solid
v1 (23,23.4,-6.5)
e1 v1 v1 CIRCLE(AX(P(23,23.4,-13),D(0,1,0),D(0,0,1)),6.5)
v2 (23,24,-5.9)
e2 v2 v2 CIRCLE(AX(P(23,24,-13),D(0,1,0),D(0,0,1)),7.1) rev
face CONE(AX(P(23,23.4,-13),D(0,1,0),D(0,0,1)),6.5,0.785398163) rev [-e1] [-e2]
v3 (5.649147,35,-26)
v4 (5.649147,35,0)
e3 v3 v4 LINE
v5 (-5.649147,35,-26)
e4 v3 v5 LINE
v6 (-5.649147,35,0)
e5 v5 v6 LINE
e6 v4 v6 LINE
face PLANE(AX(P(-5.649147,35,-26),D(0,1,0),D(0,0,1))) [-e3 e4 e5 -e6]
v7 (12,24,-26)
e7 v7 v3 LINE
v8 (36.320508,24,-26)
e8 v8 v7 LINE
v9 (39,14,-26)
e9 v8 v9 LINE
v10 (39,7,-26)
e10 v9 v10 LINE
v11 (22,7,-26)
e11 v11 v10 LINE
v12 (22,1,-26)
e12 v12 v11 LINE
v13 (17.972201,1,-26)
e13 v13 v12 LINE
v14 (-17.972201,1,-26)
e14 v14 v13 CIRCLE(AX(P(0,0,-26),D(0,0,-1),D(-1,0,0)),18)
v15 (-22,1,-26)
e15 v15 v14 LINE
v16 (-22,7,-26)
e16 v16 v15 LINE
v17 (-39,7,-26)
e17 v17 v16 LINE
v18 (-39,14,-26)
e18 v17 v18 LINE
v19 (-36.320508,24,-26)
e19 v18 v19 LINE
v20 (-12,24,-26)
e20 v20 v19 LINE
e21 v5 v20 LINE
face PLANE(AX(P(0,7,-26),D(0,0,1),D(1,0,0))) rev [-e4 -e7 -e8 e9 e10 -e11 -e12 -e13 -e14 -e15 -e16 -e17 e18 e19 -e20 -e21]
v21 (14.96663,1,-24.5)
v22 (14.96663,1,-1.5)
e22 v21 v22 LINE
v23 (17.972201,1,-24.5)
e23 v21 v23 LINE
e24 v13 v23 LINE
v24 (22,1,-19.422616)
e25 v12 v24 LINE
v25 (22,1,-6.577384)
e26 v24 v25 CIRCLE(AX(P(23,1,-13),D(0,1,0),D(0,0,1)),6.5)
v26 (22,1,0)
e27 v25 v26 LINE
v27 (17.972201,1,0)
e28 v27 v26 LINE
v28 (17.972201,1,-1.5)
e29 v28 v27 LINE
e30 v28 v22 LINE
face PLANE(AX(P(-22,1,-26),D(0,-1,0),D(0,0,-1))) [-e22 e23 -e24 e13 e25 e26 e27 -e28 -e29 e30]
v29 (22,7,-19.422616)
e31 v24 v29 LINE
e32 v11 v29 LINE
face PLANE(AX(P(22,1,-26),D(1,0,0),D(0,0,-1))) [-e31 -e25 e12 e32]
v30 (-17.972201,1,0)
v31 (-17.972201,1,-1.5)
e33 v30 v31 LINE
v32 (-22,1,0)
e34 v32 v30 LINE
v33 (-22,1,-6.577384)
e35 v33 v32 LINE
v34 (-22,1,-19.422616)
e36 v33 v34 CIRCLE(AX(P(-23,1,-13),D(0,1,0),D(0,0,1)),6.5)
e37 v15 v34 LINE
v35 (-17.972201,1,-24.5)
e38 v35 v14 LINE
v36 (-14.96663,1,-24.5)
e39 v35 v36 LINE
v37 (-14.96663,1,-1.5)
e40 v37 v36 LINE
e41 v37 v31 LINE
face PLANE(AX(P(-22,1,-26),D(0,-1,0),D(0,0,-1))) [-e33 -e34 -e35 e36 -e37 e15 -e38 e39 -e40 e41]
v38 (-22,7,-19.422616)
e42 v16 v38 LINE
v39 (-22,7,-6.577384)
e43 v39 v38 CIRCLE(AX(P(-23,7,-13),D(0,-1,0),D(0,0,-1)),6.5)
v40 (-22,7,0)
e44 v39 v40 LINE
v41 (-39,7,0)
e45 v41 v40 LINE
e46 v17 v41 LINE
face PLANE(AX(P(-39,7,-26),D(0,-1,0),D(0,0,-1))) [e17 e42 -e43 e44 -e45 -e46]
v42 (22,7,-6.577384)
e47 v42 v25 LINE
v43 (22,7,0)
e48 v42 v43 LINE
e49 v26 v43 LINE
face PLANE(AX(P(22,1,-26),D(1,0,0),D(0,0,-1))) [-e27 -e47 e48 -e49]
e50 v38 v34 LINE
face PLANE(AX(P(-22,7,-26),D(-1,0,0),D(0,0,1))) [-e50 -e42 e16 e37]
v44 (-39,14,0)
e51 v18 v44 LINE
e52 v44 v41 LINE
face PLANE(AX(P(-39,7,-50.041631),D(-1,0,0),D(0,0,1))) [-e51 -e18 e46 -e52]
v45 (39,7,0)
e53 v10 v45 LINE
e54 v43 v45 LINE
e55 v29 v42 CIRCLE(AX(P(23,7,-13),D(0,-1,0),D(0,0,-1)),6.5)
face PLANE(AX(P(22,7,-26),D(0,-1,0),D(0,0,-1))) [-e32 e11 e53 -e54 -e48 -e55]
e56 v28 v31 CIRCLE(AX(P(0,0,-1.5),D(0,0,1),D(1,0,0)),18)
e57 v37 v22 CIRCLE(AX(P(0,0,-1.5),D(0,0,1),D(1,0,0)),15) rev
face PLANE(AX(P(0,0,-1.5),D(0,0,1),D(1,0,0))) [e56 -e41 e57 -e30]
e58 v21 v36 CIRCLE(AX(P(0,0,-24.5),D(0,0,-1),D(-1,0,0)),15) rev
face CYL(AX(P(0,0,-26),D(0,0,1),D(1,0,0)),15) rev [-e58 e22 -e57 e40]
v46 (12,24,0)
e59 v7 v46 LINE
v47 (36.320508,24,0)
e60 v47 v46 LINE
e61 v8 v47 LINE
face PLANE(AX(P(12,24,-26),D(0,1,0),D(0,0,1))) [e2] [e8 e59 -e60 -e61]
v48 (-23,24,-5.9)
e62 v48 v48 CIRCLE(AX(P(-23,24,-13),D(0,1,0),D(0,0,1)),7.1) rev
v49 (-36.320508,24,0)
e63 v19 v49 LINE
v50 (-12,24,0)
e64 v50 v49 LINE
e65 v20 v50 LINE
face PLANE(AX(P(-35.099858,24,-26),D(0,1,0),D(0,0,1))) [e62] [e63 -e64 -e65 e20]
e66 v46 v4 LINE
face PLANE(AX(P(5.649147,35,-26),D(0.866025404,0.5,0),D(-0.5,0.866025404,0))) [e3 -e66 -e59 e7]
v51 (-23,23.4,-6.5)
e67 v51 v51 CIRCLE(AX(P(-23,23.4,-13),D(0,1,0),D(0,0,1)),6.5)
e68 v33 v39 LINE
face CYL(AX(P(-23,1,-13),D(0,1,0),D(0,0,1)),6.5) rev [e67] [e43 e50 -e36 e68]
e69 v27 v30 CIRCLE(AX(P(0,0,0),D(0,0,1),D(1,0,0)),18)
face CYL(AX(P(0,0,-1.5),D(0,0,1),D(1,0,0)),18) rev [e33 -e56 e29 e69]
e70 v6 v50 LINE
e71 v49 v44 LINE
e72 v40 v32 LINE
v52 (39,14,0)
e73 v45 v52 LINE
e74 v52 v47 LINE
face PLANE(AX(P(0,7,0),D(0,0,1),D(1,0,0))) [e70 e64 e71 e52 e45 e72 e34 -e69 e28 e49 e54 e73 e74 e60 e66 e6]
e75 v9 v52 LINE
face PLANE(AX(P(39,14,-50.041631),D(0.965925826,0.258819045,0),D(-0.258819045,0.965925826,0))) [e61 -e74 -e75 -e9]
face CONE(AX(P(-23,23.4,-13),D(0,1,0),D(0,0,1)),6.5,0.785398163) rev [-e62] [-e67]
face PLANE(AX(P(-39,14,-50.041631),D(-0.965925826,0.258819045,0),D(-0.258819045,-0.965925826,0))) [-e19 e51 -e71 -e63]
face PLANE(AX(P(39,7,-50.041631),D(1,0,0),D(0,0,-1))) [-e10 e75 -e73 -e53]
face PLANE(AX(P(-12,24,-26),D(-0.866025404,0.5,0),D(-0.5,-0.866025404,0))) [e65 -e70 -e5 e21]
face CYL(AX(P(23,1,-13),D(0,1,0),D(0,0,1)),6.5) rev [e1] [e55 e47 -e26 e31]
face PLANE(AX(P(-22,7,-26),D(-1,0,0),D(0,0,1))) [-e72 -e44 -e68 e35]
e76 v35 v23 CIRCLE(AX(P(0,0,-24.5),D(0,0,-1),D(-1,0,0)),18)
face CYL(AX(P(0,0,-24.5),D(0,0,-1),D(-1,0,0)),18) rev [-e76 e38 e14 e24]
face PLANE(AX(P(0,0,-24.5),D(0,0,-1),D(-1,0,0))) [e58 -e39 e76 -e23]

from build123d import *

# Parameters (mm, degrees)
EXTRUDE_1_DEPTH     = 26
SKETCH_2_R          = 15
CUT_EXTRUDE_1_DEPTH = 59.497863209
SKETCH_3_R          = 18
CUT_EXTRUDE_2_DEPTH = 1.5
CUT_EXTRUDE_START   = -1.5
SKETCH_4_R          = 18
CUT_EXTRUDE_3_DEPTH = 1.5
EXTRUDE_2_DEPTH     = 26
SKETCH_6_R          = 6.5
CUT_EXTRUDE_5_DEPTH = 53.211109929
CHAMFER_1_SIZE      = 0.6


with BuildPart() as part:
    # Эскиз1 → Бобышка-Вытянуть1 (new body)
    with BuildSketch(Plane.XY):
        with BuildLine():
            Line((-35.09985755, 24), (-12, 24))
            Line((-12, 24), (-5.649147039, 35))
            Line((-5.649147039, 35), (5.649147039, 35))
            Line((5.649147039, 35), (12, 24))
            Line((12, 24), (35.09985755, 24))
            ThreePointArc((35.09985755, 24), (38.012461407, 15.720824375), (39, 7))
            Line((39, 7), (22, 7))
            Line((22, 7), (22, 1))
            Line((22, 1), (-22, 1))
            Line((-22, 1), (-22, 7))
            Line((-22, 7), (-39, 7))
            ThreePointArc((-39, 7), (-38.012461407, 15.720824375), (-35.09985755, 24))
        make_face()
    extrude(amount=-EXTRUDE_1_DEPTH)

    # Эскиз2 → Вырез-Вытянуть1 (cut, through all)
    with BuildSketch(Plane.XY):
        Circle(SKETCH_2_R)
    extrude(amount=-CUT_EXTRUDE_1_DEPTH, mode=Mode.SUBTRACT)

    # Эскиз3 → Вырез-Вытянуть2 (cut)
    with BuildSketch(Plane.XY):
        Circle(SKETCH_3_R)
    extrude(amount=-CUT_EXTRUDE_2_DEPTH, mode=Mode.SUBTRACT)

    # Эскиз4 → Вырез-Вытянуть3 (cut)
    with BuildSketch(Plane(origin=(0, 0, -26), x_dir=(-1, 0, 0), z_dir=(0, 0, -1)).offset(CUT_EXTRUDE_START)):
        Circle(SKETCH_4_R)
    extrude(amount=CUT_EXTRUDE_3_DEPTH, mode=Mode.SUBTRACT)

    # Эскиз9 → Бобышка-Вытянуть2 (add)
    with BuildSketch(Plane.XY):
        Polygon((-39, 7), (-39, 14), (-36.320508076, 24), (-22, 24), (-22, 7), align=None)
        Polygon((39, 7), (39, 14), (36.320508076, 24), (22, 24), (22, 7), align=None)
    extrude(amount=-EXTRUDE_2_DEPTH)

    # Эскиз6 → Вырез-Вытянуть5 (cut, through all)
    with BuildSketch(Plane(origin=(0, 24, 0), x_dir=(1, 0, 0), z_dir=(0, 1, 0))):
        with Locations(Location((-23, 13, 0), (0, 0, 270))):
            Circle(SKETCH_6_R)
        with Locations(Location((23, 13, 0), (0, 0, 270))):
            Circle(SKETCH_6_R)
    extrude(amount=-CUT_EXTRUDE_5_DEPTH, mode=Mode.SUBTRACT)

    # Фаска1
    chamfer_1_edges = [part.edges().sort_by_distance(p)[0] for p in [
        (-23, 24, -19.5),
        (23, 24, -19.5),
    ]]
    chamfer(chamfer_1_edges, length=CHAMFER_1_SIZE)


solid = part.part
